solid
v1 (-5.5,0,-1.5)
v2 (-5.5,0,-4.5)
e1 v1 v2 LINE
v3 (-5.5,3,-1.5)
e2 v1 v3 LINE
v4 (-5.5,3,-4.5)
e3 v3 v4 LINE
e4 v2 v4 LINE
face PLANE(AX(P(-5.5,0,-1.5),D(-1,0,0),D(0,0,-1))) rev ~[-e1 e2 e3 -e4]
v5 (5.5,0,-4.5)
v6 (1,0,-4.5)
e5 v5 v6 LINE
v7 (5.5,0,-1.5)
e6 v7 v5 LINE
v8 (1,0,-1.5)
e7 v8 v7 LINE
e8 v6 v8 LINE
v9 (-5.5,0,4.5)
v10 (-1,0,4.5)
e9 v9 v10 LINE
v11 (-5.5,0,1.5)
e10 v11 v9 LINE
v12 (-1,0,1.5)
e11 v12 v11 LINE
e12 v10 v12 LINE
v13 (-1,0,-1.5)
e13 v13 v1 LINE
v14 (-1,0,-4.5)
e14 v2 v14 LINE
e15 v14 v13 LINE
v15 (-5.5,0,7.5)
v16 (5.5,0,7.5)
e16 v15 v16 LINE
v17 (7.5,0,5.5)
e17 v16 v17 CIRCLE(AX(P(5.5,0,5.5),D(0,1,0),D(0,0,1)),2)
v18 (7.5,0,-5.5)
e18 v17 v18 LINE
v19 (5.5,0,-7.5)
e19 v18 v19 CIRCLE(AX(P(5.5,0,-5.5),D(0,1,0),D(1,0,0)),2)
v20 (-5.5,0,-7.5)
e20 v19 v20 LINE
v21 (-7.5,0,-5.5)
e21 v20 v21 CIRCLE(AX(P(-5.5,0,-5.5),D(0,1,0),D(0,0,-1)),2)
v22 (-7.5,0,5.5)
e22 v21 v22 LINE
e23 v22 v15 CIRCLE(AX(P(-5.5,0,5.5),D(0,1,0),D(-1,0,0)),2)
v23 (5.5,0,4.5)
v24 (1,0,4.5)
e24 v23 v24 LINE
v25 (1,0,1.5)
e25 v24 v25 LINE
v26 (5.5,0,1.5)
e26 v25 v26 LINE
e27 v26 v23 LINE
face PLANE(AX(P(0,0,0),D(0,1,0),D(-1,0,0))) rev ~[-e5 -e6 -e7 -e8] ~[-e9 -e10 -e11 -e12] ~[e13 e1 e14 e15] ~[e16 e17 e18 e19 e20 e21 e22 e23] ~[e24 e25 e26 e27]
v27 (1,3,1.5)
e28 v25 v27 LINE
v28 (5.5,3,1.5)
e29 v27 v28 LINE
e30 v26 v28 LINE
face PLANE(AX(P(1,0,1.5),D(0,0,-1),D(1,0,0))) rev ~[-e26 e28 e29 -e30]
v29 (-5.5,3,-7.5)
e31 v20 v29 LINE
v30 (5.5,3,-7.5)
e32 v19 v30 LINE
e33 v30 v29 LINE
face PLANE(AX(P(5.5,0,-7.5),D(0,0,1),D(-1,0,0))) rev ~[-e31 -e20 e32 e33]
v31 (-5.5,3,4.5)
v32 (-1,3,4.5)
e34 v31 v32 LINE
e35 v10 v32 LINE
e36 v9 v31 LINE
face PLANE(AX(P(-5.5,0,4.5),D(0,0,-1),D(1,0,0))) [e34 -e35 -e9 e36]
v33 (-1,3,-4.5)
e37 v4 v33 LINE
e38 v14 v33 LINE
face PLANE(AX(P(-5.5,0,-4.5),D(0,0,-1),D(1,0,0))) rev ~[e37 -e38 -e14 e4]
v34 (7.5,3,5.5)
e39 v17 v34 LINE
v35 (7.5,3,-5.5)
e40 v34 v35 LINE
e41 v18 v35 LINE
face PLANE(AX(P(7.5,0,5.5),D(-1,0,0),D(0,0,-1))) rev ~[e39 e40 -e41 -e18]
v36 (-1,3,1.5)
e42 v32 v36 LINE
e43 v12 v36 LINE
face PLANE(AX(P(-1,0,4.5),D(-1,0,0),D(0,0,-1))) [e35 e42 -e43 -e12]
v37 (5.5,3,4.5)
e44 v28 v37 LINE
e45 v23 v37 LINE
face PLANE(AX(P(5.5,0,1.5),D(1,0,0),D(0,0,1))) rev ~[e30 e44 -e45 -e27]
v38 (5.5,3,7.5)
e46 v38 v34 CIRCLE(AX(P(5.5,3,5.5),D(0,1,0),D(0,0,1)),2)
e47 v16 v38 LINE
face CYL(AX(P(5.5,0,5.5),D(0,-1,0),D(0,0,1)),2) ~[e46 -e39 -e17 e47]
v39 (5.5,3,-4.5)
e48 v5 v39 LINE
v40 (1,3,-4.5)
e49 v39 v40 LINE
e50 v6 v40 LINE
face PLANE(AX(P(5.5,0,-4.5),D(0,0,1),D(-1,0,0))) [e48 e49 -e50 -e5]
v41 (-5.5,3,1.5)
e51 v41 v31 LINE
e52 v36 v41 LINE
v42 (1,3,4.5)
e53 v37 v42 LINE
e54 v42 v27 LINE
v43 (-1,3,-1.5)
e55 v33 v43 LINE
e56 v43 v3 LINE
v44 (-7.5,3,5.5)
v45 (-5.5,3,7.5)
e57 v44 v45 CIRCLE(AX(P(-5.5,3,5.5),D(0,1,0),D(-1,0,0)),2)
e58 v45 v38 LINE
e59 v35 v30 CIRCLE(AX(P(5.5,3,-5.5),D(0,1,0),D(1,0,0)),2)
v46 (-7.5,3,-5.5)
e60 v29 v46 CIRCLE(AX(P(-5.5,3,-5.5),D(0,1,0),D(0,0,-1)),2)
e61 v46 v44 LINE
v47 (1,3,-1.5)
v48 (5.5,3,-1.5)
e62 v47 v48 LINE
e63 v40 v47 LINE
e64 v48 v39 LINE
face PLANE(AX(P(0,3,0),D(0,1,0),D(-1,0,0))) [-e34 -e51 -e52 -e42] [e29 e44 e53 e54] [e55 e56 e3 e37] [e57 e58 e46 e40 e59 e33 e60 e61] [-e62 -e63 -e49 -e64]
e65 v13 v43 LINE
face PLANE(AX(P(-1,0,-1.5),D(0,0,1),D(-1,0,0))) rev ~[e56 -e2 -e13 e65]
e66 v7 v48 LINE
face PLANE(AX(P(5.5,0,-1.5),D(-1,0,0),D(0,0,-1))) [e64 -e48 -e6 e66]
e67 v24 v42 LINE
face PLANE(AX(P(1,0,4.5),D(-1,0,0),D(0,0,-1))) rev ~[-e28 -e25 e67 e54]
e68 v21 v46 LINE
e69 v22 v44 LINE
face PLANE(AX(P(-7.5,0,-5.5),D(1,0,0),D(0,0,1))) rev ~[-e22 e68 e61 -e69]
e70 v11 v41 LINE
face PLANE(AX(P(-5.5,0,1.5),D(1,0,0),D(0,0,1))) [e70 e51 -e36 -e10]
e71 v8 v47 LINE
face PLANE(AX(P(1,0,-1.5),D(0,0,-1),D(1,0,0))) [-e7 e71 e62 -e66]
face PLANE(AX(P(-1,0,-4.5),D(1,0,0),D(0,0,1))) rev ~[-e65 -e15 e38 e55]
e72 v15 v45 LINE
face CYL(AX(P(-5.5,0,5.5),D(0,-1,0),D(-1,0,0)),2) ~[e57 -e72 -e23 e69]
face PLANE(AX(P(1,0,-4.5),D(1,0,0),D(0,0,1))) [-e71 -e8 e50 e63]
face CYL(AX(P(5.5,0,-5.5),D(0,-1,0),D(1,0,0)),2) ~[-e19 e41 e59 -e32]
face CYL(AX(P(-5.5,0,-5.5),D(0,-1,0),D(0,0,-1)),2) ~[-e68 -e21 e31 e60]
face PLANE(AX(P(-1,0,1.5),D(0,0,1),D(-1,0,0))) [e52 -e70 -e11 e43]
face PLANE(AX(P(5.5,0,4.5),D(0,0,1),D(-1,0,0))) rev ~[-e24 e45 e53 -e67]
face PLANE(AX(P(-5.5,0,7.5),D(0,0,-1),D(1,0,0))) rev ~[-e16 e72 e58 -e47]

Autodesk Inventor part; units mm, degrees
ref_plane "YZ Plane" through (0, 0, 0) normal (1, 0, 0) x (0, 1, 0)
ref_plane "XZ Plane" through (0, 0, 0) normal (0, 1, 0) x (-1, 0, 0)
ref_plane "XY Plane" through (0, 0, 0) normal (0, 0, 1) x (1, 0, 0)
sketch "Sketch1" plane through (0, 0, 0) normal (0, 1, 0) x (-1, 0, 0)
  line L0 (5.5, 7.5) -> (-5.5, 7.5)
  line L1 (-7.5, 5.5) -> (-7.5, -5.5)
  line L2 (-5.5, -7.5) -> (5.5, -7.5)
  line L3 (7.5, -5.5) -> (7.5, 5.5)
  line L4 (7.5, 7.5) -> (-7.5, -7.5) construction
  line L5 (-7.5, 7.5) -> (7.5, -7.5) construction
  arc A0 (7.5, 5.5) -> (5.5, 7.5) centre (5.5, 5.5) ccw
  arc A1 (-5.5, 7.5) -> (-7.5, 5.5) centre (-5.5, 5.5) ccw
  arc A2 (-7.5, -5.5) -> (-5.5, -7.5) centre (-5.5, -5.5) ccw
  arc A3 (5.5, -7.5) -> (7.5, -5.5) centre (5.5, -5.5) ccw
  line L6 (5.5, 4.5) -> (1, 4.5)
  line L7 (1, 4.5) -> (1, 1.5)
  line L8 (1, 1.5) -> (5.5, 1.5)
  line L9 (5.5, 1.5) -> (5.5, 4.5)
  line L10 (3.25, 0) -> (5.1677, 0)
  line L11 (0, 3.1331) -> (0, 1.6822) construction
  line L12 (5.5, -4.5) -> (1, -4.5)
  line L13 (1, -4.5) -> (1, -1.5)
  line L14 (1, -1.5) -> (5.5, -1.5)
  line L15 (5.5, -1.5) -> (5.5, -4.5)
  line L16 (-5.5, 4.5) -> (-1, 4.5)
  line L17 (-1, 4.5) -> (-1, 1.5)
  line L18 (-1, 1.5) -> (-5.5, 1.5)
  line L19 (-5.5, 1.5) -> (-5.5, 4.5)
  line L20 (-1, -4.5) -> (-1, -1.5)
  line L21 (-1, -1.5) -> (-5.5, -1.5)
  line L22 (-5.5, -1.5) -> (-5.5, -4.5)
  line L23 (-5.5, -4.5) -> (-1, -4.5)
  point P0 (0, 0)
  point P1 (5.5, -5.5)
  dimension "d0" = 2
  dimension "d1" = 11
  dimension "d2" = 11
  dimension "d5" = 3
  dimension "d6" = 4.5
  dimension "d7" = 2
  dimension "d8" = 3
extrude "Extrusion1" add sketch "Sketch1" along normal blind 3
properties part number "horn_base"
